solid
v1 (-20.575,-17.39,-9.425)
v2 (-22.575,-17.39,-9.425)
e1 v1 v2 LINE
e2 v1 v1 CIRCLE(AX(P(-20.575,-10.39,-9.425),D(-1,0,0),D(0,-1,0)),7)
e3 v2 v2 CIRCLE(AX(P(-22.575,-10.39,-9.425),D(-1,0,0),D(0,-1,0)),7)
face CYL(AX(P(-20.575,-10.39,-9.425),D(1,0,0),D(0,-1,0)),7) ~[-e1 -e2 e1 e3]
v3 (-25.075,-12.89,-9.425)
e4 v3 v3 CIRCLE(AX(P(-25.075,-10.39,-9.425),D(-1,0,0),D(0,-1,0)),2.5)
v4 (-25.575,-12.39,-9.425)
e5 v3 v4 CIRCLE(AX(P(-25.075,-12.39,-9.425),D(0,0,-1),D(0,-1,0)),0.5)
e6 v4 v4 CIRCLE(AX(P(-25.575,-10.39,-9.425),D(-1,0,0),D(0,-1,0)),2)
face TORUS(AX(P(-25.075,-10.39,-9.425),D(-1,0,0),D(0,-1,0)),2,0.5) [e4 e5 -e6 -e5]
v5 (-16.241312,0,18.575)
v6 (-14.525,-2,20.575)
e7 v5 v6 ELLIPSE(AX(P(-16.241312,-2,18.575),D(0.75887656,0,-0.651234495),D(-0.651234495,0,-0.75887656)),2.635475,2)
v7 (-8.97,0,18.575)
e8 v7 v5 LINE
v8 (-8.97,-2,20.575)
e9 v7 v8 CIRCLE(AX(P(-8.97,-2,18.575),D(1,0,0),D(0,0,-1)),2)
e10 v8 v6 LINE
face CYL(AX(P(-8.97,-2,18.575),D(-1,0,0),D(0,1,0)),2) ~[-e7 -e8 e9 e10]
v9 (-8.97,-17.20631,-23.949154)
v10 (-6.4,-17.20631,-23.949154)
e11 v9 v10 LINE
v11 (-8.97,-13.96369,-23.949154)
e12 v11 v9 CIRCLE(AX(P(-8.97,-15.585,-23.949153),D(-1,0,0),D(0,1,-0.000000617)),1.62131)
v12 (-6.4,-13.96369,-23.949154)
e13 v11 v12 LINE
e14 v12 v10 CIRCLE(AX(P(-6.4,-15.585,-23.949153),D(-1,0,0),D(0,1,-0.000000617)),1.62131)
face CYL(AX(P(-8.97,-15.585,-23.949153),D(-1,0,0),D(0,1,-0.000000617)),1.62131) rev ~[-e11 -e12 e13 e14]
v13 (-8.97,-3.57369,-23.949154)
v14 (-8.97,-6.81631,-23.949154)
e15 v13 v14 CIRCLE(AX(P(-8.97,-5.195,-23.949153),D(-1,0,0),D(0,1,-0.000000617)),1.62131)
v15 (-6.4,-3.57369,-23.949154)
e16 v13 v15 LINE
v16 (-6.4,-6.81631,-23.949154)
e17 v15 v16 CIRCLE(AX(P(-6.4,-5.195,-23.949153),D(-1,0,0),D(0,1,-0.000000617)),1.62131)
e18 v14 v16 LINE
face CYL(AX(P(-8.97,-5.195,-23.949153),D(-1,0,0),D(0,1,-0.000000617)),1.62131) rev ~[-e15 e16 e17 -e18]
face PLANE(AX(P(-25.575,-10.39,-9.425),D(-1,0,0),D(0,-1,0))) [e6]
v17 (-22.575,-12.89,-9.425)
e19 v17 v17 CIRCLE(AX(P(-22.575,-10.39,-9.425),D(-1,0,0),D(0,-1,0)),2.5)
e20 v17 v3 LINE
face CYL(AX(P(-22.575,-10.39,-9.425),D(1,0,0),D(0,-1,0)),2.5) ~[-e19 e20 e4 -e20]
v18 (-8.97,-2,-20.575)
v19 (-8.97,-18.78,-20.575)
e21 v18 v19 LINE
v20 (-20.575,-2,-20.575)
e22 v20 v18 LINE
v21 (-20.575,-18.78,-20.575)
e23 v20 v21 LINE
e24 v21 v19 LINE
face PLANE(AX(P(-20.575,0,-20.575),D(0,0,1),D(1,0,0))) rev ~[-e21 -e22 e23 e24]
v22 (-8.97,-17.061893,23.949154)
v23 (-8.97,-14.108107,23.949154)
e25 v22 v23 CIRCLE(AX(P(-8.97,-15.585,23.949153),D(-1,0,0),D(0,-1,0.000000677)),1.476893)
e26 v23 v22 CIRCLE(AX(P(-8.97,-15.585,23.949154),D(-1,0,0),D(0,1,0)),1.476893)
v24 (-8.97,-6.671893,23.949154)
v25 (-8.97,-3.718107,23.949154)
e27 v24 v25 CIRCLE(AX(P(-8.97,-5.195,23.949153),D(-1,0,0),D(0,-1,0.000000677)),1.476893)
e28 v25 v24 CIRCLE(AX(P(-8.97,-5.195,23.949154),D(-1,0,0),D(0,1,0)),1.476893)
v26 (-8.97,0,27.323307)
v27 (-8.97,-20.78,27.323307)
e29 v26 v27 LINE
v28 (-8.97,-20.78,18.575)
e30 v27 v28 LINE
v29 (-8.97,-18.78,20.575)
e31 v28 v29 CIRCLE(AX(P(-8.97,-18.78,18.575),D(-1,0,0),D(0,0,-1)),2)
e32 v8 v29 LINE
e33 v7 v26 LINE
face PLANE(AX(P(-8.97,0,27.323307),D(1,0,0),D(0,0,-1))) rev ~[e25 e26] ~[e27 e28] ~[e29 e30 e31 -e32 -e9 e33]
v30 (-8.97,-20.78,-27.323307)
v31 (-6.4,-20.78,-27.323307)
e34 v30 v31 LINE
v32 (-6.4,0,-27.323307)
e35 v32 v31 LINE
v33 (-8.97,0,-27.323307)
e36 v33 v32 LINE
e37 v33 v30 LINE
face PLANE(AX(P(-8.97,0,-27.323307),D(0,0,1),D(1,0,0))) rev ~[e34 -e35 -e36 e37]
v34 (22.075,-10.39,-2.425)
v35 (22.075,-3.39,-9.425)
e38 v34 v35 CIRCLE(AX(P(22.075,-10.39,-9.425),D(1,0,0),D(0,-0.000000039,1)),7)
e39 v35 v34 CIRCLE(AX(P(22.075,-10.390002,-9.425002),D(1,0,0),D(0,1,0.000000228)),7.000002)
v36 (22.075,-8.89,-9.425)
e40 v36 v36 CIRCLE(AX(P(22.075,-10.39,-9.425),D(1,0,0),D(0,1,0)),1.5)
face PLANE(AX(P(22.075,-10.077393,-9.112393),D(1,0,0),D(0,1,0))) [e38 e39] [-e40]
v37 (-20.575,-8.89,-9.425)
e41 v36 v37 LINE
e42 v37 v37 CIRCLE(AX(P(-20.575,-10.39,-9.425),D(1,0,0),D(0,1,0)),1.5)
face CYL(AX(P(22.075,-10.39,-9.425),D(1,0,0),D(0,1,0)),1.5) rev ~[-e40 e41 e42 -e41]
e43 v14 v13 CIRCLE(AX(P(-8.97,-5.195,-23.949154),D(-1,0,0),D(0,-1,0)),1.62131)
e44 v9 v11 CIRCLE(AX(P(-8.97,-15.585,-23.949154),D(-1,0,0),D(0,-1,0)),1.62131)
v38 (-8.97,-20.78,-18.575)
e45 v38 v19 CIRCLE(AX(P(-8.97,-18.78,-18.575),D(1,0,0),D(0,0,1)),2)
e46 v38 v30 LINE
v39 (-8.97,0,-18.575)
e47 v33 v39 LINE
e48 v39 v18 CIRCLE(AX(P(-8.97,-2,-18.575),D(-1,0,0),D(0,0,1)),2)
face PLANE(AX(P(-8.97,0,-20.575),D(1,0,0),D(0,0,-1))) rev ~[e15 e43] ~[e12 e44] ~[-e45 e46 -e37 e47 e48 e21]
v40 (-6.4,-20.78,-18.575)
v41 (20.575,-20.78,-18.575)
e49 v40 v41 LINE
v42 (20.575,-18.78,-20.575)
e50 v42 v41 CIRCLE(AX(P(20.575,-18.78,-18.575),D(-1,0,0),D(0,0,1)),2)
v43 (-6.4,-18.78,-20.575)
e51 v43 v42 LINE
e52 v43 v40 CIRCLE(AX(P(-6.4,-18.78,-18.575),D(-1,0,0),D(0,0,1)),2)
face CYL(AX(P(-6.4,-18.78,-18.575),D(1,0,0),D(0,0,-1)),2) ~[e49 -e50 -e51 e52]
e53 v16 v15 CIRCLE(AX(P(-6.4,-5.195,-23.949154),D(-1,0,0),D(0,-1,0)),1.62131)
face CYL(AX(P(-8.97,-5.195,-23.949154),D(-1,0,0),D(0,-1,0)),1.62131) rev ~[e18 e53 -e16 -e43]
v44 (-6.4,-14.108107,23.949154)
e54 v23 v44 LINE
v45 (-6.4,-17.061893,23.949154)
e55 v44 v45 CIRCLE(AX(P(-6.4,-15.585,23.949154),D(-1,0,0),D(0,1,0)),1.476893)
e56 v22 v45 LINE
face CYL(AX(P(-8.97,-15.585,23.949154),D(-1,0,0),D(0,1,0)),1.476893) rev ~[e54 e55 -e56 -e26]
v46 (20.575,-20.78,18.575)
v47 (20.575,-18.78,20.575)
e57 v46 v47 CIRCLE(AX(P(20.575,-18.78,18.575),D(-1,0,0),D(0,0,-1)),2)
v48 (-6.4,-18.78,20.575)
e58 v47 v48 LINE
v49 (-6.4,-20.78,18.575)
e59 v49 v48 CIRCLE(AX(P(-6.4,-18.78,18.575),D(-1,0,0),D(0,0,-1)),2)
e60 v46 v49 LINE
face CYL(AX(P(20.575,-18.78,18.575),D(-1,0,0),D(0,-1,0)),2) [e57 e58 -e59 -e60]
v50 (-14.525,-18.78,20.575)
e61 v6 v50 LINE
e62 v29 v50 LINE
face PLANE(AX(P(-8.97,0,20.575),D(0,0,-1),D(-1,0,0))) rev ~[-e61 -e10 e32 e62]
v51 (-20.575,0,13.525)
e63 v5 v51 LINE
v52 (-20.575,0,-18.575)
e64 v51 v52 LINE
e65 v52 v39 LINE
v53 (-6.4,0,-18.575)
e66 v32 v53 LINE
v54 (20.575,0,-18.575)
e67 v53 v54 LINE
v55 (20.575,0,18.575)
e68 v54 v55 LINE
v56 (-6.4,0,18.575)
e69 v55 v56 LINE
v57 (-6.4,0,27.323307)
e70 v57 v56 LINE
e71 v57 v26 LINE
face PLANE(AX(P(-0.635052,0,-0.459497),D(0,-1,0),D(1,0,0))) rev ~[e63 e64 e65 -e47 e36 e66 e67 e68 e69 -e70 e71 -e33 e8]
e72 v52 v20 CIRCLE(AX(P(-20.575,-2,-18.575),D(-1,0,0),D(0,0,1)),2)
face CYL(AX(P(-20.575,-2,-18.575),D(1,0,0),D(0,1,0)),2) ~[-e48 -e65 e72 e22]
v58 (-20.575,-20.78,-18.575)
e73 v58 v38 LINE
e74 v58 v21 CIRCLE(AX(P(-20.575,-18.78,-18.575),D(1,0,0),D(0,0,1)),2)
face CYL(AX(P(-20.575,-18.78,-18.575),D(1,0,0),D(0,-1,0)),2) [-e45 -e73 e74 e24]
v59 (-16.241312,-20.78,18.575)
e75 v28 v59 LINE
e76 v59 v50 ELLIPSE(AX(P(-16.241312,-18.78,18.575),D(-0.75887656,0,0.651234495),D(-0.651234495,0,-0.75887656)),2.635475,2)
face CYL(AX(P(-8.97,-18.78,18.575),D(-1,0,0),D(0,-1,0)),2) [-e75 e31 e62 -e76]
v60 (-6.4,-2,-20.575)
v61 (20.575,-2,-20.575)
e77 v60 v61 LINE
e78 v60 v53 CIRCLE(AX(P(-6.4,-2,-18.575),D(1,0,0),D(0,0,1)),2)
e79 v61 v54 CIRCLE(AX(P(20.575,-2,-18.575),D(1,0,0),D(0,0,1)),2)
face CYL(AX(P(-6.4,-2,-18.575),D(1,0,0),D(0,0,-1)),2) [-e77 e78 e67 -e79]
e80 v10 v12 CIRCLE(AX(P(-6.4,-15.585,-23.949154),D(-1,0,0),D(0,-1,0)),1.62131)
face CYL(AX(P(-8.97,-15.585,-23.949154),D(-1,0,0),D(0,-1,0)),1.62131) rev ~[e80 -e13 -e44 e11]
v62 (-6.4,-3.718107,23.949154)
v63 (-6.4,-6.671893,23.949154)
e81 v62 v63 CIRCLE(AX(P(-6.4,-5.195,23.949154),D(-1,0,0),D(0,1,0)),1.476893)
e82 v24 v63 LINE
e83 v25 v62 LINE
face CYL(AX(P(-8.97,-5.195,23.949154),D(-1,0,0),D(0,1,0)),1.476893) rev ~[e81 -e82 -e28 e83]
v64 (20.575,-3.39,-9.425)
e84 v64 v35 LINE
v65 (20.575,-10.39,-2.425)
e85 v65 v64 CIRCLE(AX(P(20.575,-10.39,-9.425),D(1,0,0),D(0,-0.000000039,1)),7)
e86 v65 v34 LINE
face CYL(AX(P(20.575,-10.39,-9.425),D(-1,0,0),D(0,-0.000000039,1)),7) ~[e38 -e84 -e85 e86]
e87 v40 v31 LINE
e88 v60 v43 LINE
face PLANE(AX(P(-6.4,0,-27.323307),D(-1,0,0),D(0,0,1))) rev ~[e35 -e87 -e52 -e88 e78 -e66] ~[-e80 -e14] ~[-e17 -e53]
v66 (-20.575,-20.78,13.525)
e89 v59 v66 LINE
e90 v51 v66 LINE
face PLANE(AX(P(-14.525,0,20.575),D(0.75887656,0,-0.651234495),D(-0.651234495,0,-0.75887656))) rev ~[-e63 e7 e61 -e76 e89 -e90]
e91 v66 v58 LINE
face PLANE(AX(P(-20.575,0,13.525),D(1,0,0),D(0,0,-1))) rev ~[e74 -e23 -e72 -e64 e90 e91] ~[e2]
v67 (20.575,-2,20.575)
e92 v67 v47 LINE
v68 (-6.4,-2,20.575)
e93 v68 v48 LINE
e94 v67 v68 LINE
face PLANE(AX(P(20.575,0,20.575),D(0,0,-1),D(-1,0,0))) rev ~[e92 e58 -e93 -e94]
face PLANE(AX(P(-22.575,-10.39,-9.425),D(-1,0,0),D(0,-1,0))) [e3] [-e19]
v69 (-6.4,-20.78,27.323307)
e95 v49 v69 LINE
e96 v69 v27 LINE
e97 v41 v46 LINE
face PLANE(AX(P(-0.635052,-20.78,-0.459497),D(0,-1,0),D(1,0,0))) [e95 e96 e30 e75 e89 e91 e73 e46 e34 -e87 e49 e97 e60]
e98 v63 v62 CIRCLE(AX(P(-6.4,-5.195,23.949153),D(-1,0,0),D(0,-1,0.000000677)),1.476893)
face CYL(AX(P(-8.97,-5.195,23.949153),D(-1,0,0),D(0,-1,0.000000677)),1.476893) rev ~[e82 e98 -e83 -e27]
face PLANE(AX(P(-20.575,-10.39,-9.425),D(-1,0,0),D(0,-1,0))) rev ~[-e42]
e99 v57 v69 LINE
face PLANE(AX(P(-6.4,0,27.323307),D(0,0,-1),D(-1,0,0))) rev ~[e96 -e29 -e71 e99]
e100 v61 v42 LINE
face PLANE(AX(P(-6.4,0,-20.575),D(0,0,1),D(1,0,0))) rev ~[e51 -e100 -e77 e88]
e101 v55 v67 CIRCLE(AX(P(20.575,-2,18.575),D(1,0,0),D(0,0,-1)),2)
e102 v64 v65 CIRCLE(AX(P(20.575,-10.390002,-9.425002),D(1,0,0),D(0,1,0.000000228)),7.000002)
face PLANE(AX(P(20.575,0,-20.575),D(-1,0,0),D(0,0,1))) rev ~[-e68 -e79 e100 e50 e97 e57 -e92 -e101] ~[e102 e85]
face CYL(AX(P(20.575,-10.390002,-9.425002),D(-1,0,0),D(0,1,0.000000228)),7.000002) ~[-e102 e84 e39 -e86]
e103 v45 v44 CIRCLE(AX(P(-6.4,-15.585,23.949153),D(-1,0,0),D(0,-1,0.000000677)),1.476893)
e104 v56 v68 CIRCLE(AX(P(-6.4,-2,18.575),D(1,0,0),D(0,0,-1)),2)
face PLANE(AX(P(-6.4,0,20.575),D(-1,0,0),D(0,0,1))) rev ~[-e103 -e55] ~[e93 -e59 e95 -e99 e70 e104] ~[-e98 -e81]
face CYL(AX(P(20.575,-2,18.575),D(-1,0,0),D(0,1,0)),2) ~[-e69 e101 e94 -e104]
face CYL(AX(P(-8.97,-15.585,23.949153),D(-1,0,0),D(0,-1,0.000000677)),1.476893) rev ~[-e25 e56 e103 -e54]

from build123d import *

# Parameters (mm, degrees)
F1_DEPTH  = 20.78
F3_DEPTH  = 10
F5_DEPTH  = 25
F6_R      = 2
F8_DEPTH  = 1.5
F9_R      = 1.5
F10_DEPTH = 50
F11_R     = 7
F12_DEPTH = 2
F13_R     = 2.5
F14_DEPTH = 3
F15_R     = 0.5


with BuildPart() as f1:
    # F0 (on Front) → F1 (new body)
    with BuildSketch(Plane.XZ):
        Polygon((-6.4, -20.575), (20.575, -20.575), (20.575, 0), (20.575, 20.575), (-6.4, 20.575), (-6.4, 27.323307), (-8.97, 27.323307), (-8.97, 20.575), (-14.525, 20.575), (-20.575, 13.525), (-20.575, -20.575), (-8.97, -20.575), (-8.97, -27.323307), (-6.4, -27.323307), align=None)
    extrude(amount=F1_DEPTH)

    # F2 (on face) → F3 (cut)
    with BuildSketch(Plane(origin=(-8.97, 0, 0), x_dir=(0, -1, 0), z_dir=(-1, 0, 0))):
        with BuildLine():
            ThreePointArc((17.061893, 23.949154), (15.585, 25.426046), (14.108107, 23.949154))
            Line((14.108107, 23.949154), (17.061893, 23.949154))
        make_face()
        with BuildLine():
            Line((17.061893, 23.949154), (14.108107, 23.949154))
            ThreePointArc((14.108107, 23.949154), (15.585, 22.472261), (17.061893, 23.949154))
        make_face()
        with BuildLine():
            ThreePointArc((3.718107, 23.949154), (5.195, 22.472261), (6.671893, 23.949154))
            Line((6.671893, 23.949154), (3.718107, 23.949154))
        make_face()
        with BuildLine():
            Line((3.718107, 23.949154), (6.671893, 23.949154))
            ThreePointArc((6.671893, 23.949154), (5.195, 25.426046), (3.718107, 23.949154))
        make_face()
    extrude(amount=-F3_DEPTH, mode=Mode.SUBTRACT)

    # F4 (on face) → F5 (cut)
    with BuildSketch(Plane(origin=(-8.97, 0, 0), x_dir=(0, -1, 0), z_dir=(-1, 0, 0))):
        with BuildLine():
            ThreePointArc((17.20631, -23.949154), (15.585, -22.327844), (13.96369, -23.949154))
            Line((13.96369, -23.949154), (17.20631, -23.949154))
        make_face()
        with BuildLine():
            Line((17.20631, -23.949154), (13.96369, -23.949154))
            ThreePointArc((13.96369, -23.949154), (15.585, -25.570463), (17.20631, -23.949154))
        make_face()
        with BuildLine():
            ThreePointArc((3.57369, -23.949154), (5.195, -25.570463), (6.81631, -23.949154))
            Line((6.81631, -23.949154), (3.57369, -23.949154))
        make_face()
        with BuildLine():
            Line((3.57369, -23.949154), (6.81631, -23.949154))
            ThreePointArc((6.81631, -23.949154), (5.195, -22.327844), (3.57369, -23.949154))
        make_face()
    extrude(amount=-F5_DEPTH, mode=Mode.SUBTRACT)

    # F6
    f6_edges = [f1.edges().sort_by_distance(p)[0] for p in [
        (7.0875, -20.78, 20.575),
        (-11.7475, -20.78, 20.575),
        (-11.7475, 0, 20.575),
        (7.0875, 0, 20.575),
        (7.0875, -20.78, -20.575),
        (-14.7725, -20.78, -20.575),
        (7.0875, 0, -20.575),
        (-14.7725, 0, -20.575),
    ]]
    fillet(f6_edges, radius=F6_R)

    # F7 (on face) → F8 (join)
    with BuildSketch(Plane.YZ.offset(20.575)):
        with BuildLine():
            ThreePointArc((-10.39, -2.425), (-15.339747, -14.374747), (-3.39, -9.425))
            ThreePointArc((-3.39, -9.425), (-5.440253, -4.475253), (-10.39, -2.425))
        make_face()
    extrude(amount=F8_DEPTH)

    # F9 (on face) → F10 (cut)
    with BuildSketch(Plane.YZ.offset(22.075)):
        with Locations((-10.39, -9.425)):
            Circle(F9_R)
    extrude(amount=-F10_DEPTH, mode=Mode.SUBTRACT)

    # F11 (on face) → F12 (join)
    with BuildSketch(Plane(origin=(-20.575, 0, 0), x_dir=(0, -1, 0), z_dir=(-1, 0, 0))):
        with Locations((10.39, -9.425)):
            Circle(F11_R)
    extrude(amount=F12_DEPTH)

    # F13 (on face) → F14 (join)
    with BuildSketch(Plane(origin=(-22.575, 0, 0), x_dir=(0, -1, 0), z_dir=(-1, 0, 0))):
        with Locations((10.39, -9.425)):
            Circle(F13_R)
    extrude(amount=F14_DEPTH)

    # F15
    f15_edges = [f1.edges().sort_by_distance(p)[0] for p in [
        (-25.575, -7.89, -9.425),
    ]]
    fillet(f15_edges, radius=F15_R)


solid = f1.part
